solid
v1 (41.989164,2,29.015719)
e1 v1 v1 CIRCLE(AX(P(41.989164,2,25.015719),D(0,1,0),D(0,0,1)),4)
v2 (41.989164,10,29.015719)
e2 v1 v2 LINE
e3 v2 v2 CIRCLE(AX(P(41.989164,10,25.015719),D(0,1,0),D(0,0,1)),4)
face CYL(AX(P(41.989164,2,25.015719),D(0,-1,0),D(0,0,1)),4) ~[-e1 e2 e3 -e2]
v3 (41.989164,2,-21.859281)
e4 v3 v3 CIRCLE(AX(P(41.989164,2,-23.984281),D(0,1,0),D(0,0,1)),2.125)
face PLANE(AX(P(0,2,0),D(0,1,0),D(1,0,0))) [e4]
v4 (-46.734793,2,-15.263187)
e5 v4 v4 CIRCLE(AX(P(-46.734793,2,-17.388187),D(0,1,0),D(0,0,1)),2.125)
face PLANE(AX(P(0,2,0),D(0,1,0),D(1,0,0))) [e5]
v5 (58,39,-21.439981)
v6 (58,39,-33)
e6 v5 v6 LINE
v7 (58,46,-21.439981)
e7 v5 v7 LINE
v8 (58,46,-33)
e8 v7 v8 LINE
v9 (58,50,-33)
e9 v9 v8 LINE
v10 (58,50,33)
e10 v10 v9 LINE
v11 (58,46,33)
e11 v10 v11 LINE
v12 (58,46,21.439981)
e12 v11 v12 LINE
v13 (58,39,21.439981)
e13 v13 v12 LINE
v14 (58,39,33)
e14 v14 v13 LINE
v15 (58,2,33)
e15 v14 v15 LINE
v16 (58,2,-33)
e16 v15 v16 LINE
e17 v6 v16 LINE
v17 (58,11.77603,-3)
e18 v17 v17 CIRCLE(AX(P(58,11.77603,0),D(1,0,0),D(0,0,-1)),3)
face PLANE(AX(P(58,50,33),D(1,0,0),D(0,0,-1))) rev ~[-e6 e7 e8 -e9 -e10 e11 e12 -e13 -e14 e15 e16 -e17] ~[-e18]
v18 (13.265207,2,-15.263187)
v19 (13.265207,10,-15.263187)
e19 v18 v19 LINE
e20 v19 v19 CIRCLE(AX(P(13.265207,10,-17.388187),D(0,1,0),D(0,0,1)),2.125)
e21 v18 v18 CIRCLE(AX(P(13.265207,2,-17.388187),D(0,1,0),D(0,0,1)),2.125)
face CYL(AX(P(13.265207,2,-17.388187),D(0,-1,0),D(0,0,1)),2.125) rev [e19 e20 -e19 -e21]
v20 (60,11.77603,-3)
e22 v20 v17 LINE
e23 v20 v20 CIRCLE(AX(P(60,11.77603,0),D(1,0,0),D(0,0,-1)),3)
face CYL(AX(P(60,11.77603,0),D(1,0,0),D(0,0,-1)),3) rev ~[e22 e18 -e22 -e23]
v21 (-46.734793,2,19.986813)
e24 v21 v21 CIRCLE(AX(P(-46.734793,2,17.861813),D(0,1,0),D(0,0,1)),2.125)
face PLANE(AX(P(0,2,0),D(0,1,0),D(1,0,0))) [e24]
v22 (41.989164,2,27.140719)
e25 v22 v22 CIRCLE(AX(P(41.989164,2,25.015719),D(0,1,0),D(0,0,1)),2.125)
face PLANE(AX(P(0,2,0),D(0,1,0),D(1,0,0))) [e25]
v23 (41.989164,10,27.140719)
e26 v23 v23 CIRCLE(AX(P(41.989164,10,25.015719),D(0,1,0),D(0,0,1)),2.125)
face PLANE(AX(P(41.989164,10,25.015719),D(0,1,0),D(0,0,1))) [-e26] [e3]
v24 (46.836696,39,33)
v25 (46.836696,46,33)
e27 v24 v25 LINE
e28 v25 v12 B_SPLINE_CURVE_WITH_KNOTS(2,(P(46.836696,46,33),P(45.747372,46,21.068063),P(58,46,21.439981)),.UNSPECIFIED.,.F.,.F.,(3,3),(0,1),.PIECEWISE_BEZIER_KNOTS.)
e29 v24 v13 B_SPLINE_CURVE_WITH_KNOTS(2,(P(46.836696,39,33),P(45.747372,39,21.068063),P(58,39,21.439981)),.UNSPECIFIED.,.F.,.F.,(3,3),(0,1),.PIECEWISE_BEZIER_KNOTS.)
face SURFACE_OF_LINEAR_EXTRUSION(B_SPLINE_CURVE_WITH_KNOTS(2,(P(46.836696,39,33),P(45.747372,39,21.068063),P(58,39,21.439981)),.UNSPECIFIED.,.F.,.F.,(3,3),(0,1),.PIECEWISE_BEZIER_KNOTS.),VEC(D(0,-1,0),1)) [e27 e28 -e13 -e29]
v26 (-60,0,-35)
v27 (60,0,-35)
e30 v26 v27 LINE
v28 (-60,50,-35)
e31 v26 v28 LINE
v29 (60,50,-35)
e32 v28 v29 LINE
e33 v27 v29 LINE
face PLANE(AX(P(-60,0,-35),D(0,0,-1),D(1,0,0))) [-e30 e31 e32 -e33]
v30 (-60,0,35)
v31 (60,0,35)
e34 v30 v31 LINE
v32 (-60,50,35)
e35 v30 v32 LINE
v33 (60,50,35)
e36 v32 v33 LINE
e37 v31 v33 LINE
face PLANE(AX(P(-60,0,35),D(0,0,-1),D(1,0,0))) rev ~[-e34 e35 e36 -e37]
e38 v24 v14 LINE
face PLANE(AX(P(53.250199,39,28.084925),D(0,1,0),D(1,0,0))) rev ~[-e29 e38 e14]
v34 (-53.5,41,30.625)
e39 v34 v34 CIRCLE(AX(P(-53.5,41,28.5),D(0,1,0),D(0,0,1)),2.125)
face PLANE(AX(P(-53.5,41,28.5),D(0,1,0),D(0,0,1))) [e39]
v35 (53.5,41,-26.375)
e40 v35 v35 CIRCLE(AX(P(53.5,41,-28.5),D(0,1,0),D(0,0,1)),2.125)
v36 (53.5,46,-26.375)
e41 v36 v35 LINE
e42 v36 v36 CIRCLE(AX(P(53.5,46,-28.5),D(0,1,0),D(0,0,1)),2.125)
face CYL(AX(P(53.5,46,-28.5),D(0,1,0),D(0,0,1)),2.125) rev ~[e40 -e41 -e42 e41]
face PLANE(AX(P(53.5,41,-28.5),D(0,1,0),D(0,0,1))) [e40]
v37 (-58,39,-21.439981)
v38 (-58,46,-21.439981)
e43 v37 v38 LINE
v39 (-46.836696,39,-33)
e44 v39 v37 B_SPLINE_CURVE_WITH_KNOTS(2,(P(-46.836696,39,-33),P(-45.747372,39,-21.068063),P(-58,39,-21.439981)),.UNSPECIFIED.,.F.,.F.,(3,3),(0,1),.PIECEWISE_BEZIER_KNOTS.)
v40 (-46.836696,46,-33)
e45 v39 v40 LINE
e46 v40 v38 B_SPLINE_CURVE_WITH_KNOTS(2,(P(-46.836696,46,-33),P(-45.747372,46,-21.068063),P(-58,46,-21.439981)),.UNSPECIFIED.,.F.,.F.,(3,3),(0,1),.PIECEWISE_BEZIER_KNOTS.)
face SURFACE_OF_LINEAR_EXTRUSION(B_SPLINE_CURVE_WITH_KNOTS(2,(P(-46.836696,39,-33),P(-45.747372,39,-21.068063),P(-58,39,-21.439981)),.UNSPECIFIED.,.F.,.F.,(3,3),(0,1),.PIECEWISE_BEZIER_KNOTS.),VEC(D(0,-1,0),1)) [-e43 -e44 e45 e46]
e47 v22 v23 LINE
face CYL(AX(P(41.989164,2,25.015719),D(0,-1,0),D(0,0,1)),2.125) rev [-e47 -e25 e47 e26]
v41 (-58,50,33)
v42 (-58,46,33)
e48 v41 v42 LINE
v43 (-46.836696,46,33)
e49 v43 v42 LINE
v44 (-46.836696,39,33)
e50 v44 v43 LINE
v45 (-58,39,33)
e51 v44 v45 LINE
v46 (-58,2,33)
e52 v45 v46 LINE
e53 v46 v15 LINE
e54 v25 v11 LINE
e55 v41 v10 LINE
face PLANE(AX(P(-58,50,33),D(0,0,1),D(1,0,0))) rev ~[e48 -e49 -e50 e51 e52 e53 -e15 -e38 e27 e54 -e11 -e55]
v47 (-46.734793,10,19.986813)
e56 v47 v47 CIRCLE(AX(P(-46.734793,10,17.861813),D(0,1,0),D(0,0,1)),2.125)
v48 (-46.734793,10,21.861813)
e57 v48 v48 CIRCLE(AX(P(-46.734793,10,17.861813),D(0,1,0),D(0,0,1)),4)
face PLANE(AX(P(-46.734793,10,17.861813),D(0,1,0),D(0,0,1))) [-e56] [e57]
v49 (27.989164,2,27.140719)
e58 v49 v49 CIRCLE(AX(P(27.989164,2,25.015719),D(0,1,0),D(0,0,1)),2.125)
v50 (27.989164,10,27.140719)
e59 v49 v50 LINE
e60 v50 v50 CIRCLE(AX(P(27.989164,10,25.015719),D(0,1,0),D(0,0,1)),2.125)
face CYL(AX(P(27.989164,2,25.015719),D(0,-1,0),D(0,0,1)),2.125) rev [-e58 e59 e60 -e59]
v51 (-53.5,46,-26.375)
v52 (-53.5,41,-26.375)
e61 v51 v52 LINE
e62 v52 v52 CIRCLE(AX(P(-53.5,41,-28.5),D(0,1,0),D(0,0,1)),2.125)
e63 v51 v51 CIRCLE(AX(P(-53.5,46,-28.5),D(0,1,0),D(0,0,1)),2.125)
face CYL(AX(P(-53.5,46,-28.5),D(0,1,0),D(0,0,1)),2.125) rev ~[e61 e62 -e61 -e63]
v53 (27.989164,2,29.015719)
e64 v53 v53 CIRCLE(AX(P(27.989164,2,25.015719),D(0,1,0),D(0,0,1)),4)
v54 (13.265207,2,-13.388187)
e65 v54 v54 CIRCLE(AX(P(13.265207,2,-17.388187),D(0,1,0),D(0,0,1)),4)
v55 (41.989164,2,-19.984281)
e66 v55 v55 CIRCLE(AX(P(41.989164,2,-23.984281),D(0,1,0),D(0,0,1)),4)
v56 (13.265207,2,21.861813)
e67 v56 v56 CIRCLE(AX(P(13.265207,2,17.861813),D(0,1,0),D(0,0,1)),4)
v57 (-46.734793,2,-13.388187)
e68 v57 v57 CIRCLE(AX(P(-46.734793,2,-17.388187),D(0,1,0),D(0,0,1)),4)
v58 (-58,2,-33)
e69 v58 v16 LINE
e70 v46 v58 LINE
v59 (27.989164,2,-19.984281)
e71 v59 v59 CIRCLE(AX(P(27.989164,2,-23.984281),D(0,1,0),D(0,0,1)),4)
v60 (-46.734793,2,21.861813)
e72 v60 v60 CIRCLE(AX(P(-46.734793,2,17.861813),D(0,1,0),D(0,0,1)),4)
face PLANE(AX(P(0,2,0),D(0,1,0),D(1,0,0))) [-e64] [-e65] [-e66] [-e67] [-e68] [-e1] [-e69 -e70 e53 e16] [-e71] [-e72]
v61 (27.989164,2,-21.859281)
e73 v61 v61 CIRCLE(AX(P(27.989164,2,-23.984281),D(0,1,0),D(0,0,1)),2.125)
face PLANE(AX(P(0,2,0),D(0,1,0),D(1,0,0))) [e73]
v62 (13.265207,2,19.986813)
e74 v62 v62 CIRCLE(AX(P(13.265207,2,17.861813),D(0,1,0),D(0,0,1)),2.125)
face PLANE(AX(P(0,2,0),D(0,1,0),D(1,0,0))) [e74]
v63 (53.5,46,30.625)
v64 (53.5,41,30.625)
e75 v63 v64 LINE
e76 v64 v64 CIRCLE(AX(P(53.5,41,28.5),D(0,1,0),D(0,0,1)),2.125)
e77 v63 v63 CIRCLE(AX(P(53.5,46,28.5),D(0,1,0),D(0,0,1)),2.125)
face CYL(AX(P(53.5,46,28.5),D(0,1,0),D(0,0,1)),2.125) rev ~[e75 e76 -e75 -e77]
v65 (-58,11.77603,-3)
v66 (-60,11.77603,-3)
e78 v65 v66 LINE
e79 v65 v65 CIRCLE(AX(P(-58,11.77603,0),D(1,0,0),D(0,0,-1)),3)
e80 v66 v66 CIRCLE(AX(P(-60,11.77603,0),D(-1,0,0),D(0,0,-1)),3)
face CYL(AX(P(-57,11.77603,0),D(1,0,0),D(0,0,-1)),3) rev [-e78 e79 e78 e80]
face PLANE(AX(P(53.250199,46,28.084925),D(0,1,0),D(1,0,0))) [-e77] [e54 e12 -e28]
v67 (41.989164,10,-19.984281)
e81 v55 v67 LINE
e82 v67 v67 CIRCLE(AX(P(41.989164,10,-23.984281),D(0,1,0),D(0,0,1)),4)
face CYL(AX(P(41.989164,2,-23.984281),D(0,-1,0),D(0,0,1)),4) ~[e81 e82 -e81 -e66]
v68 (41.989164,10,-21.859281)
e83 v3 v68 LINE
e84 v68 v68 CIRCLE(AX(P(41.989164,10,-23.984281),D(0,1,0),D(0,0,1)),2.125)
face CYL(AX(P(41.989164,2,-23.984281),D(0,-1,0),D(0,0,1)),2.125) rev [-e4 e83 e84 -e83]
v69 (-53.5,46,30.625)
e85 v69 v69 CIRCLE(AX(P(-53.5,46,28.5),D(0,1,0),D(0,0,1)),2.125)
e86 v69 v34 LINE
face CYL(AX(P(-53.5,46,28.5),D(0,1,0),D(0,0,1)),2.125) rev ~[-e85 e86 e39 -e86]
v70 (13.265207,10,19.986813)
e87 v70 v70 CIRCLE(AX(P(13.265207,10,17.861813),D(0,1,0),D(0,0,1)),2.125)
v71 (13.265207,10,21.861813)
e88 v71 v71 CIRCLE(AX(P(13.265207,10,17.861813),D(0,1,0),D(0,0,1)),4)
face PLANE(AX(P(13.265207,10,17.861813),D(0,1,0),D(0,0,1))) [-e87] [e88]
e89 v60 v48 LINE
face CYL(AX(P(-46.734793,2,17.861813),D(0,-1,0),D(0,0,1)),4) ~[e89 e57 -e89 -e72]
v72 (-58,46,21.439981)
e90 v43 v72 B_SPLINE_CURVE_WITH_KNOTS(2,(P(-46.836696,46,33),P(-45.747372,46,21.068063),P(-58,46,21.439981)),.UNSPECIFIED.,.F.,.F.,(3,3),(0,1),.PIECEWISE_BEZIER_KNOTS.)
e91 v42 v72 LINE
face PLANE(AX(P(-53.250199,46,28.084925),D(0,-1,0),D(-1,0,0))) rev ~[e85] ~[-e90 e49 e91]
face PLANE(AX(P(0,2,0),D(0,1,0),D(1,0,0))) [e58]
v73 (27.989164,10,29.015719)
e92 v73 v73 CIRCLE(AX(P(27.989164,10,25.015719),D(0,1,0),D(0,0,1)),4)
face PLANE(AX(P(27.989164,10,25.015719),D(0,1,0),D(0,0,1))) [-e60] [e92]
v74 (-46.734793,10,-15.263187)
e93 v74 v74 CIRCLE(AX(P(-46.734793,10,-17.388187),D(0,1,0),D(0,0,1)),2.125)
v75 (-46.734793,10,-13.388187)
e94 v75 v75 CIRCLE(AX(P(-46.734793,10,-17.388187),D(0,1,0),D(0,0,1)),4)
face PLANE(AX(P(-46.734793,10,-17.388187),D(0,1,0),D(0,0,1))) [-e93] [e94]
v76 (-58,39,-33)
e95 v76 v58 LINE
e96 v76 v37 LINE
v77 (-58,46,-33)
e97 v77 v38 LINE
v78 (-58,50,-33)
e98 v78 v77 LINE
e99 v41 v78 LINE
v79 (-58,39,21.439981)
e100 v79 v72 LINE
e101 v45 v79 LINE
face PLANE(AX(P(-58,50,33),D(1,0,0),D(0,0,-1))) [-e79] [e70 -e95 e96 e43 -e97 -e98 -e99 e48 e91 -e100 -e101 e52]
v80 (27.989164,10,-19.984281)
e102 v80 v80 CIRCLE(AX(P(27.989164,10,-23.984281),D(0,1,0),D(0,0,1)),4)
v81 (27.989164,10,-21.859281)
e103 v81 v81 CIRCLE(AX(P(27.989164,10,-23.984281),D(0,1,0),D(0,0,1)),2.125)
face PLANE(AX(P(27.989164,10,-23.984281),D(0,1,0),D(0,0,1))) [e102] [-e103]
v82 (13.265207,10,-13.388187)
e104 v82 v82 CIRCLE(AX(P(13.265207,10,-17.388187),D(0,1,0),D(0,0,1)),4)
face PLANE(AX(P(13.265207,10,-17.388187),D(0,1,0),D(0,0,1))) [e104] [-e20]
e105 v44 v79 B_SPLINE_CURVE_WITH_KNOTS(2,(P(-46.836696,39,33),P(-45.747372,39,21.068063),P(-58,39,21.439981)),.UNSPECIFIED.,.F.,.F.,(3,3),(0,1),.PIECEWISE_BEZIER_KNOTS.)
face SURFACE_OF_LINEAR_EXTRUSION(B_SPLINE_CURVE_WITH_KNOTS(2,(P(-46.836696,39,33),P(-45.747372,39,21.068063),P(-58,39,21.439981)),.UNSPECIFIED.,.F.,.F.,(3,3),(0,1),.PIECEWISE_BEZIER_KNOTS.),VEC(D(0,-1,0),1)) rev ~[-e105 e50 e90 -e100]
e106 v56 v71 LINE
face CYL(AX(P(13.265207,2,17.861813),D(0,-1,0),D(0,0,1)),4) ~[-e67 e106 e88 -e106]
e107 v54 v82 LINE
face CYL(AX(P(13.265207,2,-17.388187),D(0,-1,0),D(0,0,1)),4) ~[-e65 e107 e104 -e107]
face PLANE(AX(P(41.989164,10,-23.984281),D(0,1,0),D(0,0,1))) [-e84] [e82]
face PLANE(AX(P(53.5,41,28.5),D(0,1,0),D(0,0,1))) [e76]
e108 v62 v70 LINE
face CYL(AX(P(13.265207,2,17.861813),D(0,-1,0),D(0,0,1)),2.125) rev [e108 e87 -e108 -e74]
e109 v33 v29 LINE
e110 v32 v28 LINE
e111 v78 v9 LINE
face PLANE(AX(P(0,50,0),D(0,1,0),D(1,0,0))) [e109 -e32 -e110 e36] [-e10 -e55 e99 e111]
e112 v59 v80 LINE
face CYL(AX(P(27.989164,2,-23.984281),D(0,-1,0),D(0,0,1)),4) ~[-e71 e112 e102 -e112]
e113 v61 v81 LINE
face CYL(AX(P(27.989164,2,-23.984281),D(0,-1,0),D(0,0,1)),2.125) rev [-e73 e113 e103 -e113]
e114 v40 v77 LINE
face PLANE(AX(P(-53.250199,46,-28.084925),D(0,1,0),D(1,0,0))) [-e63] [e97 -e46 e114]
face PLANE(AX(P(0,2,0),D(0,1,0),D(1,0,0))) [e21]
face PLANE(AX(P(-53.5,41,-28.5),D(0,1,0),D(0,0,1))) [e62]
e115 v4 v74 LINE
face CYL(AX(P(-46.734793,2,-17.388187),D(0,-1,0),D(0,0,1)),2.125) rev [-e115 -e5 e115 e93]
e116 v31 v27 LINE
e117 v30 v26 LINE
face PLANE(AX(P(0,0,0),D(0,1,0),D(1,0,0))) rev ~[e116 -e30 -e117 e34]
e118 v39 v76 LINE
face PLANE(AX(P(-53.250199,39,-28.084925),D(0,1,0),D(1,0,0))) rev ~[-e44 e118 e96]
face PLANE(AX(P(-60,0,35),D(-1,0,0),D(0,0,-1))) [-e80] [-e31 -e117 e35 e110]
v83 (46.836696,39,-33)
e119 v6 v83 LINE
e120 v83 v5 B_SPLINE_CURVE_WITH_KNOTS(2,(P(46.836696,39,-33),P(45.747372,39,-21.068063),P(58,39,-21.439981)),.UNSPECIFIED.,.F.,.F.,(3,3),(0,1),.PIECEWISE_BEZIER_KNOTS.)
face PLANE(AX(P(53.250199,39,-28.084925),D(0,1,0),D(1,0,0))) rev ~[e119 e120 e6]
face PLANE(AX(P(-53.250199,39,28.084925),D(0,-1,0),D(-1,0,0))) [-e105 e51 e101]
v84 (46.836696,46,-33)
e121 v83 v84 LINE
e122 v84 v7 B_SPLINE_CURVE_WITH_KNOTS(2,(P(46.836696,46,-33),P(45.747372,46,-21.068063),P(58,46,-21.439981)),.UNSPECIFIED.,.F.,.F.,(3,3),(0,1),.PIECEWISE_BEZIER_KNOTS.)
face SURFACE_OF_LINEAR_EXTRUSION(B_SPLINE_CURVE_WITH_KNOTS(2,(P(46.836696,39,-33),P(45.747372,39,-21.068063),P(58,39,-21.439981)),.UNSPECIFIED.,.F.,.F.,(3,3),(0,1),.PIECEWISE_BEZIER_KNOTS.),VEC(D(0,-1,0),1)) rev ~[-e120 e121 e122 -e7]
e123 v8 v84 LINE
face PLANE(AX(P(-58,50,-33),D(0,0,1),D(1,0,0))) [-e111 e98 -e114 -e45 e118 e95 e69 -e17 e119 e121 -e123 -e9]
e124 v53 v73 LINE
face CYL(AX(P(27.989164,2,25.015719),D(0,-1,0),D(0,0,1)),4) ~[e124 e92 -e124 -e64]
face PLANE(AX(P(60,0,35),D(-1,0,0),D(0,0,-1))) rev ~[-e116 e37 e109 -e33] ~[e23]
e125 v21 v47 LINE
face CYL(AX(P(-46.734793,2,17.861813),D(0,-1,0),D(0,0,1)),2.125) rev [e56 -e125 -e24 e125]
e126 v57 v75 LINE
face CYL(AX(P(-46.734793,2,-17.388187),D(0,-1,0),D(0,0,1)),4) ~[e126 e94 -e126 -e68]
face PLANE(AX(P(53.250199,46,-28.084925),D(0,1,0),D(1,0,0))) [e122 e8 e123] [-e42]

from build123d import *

# Parameters (mm, degrees)
SKETCH1_W           = 120
SKETCH1_H           = 70
BOSS_EXTRUDE1_DEPTH = 50
SKETCH4_W           = 116
SKETCH4_H           = 66
CUT_EXTRUDE1_DEPTH  = 48
SKETCH7_R           = 4
SKETCH7_R_2         = 2.125
BOSS_EXTRUDE3_DEPTH = 8
SKETCH9_R           = 3
CUT_EXTRUDE2_DEPTH  = 3
CUT_EXTRUDE3_START  = -3
SKETCH10_R          = 3
CUT_EXTRUDE3_DEPTH  = 3
BOSS_EXTRUDE4_DEPTH = 7
SKETCH13_R          = 2.125
CUT_EXTRUDE4_DEPTH  = 5


with BuildPart() as part:
    # Sketch1 → Boss-Extrude1 (new body)
    with BuildSketch(Plane(origin=(0, 0, 0), x_dir=(1, 0, 0), z_dir=(0, 1, 0))):
        Rectangle(SKETCH1_W, SKETCH1_H)
    extrude(amount=BOSS_EXTRUDE1_DEPTH)

    # Sketch4 → Cut-Extrude1 (cut)
    with BuildSketch(Plane(origin=(0, 50, 0), x_dir=(1, 0, 0), z_dir=(0, 1, 0))):
        Rectangle(SKETCH4_W, SKETCH4_H)
    extrude(amount=-CUT_EXTRUDE1_DEPTH, mode=Mode.SUBTRACT)

    # Sketch7 → Boss-Extrude3 (add)
    # profile 1 of 8: a face of its own
    with BuildSketch(Plane(origin=(0, 2, 0), x_dir=(1, 0, 0), z_dir=(0, 1, 0))):
        with Locations(Location((41.989163704, 23.984280939, 0), (0, 0, 270))):
            Circle(SKETCH7_R)
        with Locations(Location((41.989163704, 23.984280939, 0), (0, 0, 270))):
            Circle(SKETCH7_R_2, mode=Mode.SUBTRACT)
    # profile 2 of 8: a face of its own
    with BuildSketch(Plane(origin=(0, 2, 0), x_dir=(1, 0, 0), z_dir=(0, 1, 0))):
        with Locations(Location((27.989163704, 23.984280939, 0), (0, 0, 270))):
            Circle(SKETCH7_R)
        with Locations(Location((27.989163704, 23.984280939, 0), (0, 0, 270))):
            Circle(SKETCH7_R_2, mode=Mode.SUBTRACT)
    # profile 3 of 8: a face of its own
    with BuildSketch(Plane(origin=(0, 2, 0), x_dir=(1, 0, 0), z_dir=(0, 1, 0))):
        with Locations(Location((27.989163704, -25.015719061, 0), (0, 0, 270))):
            Circle(SKETCH7_R)
        with Locations(Location((27.989163704, -25.015719061, 0), (0, 0, 270))):
            Circle(SKETCH7_R_2, mode=Mode.SUBTRACT)
    # profile 4 of 8: a face of its own
    with BuildSketch(Plane(origin=(0, 2, 0), x_dir=(1, 0, 0), z_dir=(0, 1, 0))):
        with Locations(Location((41.989163704, -25.015719061, 0), (0, 0, 270))):
            Circle(SKETCH7_R)
        with Locations(Location((41.989163704, -25.015719061, 0), (0, 0, 270))):
            Circle(SKETCH7_R_2, mode=Mode.SUBTRACT)
    # profile 5 of 8: a face of its own
    with BuildSketch(Plane(origin=(0, 2, 0), x_dir=(1, 0, 0), z_dir=(0, 1, 0))):
        with Locations(Location((13.265207025, -17.861812849, 0), (0, 0, 270))):
            Circle(SKETCH7_R)
        with Locations(Location((13.265207025, -17.861812849, 0), (0, 0, 270))):
            Circle(SKETCH7_R_2, mode=Mode.SUBTRACT)
    # profile 6 of 8: a face of its own
    with BuildSketch(Plane(origin=(0, 2, 0), x_dir=(1, 0, 0), z_dir=(0, 1, 0))):
        with Locations(Location((13.265207025, 17.388187151, 0), (0, 0, 270))):
            Circle(SKETCH7_R)
        with Locations(Location((13.265207025, 17.388187151, 0), (0, 0, 270))):
            Circle(SKETCH7_R_2, mode=Mode.SUBTRACT)
    # profile 7 of 8: a face of its own
    with BuildSketch(Plane(origin=(0, 2, 0), x_dir=(1, 0, 0), z_dir=(0, 1, 0))):
        with Locations(Location((-46.734792975, 17.388187151, 0), (0, 0, 270))):
            Circle(SKETCH7_R)
        with Locations(Location((-46.734792975, 17.388187151, 0), (0, 0, 270))):
            Circle(SKETCH7_R_2, mode=Mode.SUBTRACT)
    # profile 8 of 8: a face of its own
    with BuildSketch(Plane(origin=(0, 2, 0), x_dir=(1, 0, 0), z_dir=(0, 1, 0))):
        with Locations(Location((-46.734792975, -17.861812849, 0), (0, 0, 270))):
            Circle(SKETCH7_R)
        with Locations(Location((-46.734792975, -17.861812849, 0), (0, 0, 270))):
            Circle(SKETCH7_R_2, mode=Mode.SUBTRACT)
    extrude(amount=BOSS_EXTRUDE3_DEPTH)

    # Sketch9 → Cut-Extrude2 (cut)
    with BuildSketch(Plane(origin=(60, 0, 0), x_dir=(0, 0, -1), z_dir=(1, 0, 0))):
        with Locations((0, 11.776029547)):
            Circle(SKETCH9_R)
    extrude(amount=-CUT_EXTRUDE2_DEPTH, mode=Mode.SUBTRACT)

    # Sketch10 → Cut-Extrude3 (cut)
    with BuildSketch(Plane.ZY.offset(60).offset(CUT_EXTRUDE3_START)):
        with Locations(Location((0, 11.776029547, 0), (0, 0, 180))):
            Circle(SKETCH10_R)
    extrude(amount=CUT_EXTRUDE3_DEPTH, mode=Mode.SUBTRACT)

    # Sketch12 → Boss-Extrude4 (add)
    with BuildSketch(Plane(origin=(0, 39, 0), x_dir=(1, 0, 0), z_dir=(0, 1, 0))):
        with BuildLine():
            Line((-46.836696193, -33), (-58, -33))
            Line((-58, -33), (-58, -21.439980772))
            add(Edge.make_bspline(
                [(-46.836696193, -33), (-45.747371945, -21.068063371), (-58, -21.439980772)],
                knots=[0, 0, 0, 1, 1, 1], degree=2))
        make_face()
        with BuildLine():
            Line((46.836696193, -33), (58, -33))
            Line((58, -33), (58, -21.439980772))
            add(Edge.make_bspline(
                [(46.836696193, -33), (45.747371945, -21.068063371), (58, -21.439980772)],
                knots=[0, 0, 0, 1, 1, 1], degree=2))
        make_face()
        with BuildLine():
            Line((58, 21.439980772), (58, 33))
            Line((58, 33), (46.836696193, 33))
            add(Edge.make_bspline(
                [(46.836696193, 33), (45.747371945, 21.068063371), (58, 21.439980772)],
                knots=[0, 0, 0, 1, 1, 1], degree=2))
        make_face()
        with BuildLine():
            Line((-46.836696193, 33), (-58, 33))
            Line((-58, 33), (-58, 21.439980772))
            add(Edge.make_bspline(
                [(-46.836696193, 33), (-45.747371945, 21.068063371), (-58, 21.439980772)],
                knots=[0, 0, 0, 1, 1, 1], degree=2))
        make_face()
    extrude(amount=BOSS_EXTRUDE4_DEPTH)

    # Sketch13 → Cut-Extrude4 (cut)
    with BuildSketch(Plane(origin=(0, 46, 0), x_dir=(1, 0, 0), z_dir=(0, 1, 0))):
        with Locations(Location((-53.5, -28.5, 0), (0, 0, 270))):
            Circle(SKETCH13_R)
        with Locations(Location((-53.5, 28.5, 0), (0, 0, 270))):
            Circle(SKETCH13_R)
        with Locations(Location((53.5, -28.5, 0), (0, 0, 270))):
            Circle(SKETCH13_R)
        with Locations(Location((53.5, 28.5, 0), (0, 0, 270))):
            Circle(SKETCH13_R)
    extrude(amount=-CUT_EXTRUDE4_DEPTH, mode=Mode.SUBTRACT)


solid = part.part
